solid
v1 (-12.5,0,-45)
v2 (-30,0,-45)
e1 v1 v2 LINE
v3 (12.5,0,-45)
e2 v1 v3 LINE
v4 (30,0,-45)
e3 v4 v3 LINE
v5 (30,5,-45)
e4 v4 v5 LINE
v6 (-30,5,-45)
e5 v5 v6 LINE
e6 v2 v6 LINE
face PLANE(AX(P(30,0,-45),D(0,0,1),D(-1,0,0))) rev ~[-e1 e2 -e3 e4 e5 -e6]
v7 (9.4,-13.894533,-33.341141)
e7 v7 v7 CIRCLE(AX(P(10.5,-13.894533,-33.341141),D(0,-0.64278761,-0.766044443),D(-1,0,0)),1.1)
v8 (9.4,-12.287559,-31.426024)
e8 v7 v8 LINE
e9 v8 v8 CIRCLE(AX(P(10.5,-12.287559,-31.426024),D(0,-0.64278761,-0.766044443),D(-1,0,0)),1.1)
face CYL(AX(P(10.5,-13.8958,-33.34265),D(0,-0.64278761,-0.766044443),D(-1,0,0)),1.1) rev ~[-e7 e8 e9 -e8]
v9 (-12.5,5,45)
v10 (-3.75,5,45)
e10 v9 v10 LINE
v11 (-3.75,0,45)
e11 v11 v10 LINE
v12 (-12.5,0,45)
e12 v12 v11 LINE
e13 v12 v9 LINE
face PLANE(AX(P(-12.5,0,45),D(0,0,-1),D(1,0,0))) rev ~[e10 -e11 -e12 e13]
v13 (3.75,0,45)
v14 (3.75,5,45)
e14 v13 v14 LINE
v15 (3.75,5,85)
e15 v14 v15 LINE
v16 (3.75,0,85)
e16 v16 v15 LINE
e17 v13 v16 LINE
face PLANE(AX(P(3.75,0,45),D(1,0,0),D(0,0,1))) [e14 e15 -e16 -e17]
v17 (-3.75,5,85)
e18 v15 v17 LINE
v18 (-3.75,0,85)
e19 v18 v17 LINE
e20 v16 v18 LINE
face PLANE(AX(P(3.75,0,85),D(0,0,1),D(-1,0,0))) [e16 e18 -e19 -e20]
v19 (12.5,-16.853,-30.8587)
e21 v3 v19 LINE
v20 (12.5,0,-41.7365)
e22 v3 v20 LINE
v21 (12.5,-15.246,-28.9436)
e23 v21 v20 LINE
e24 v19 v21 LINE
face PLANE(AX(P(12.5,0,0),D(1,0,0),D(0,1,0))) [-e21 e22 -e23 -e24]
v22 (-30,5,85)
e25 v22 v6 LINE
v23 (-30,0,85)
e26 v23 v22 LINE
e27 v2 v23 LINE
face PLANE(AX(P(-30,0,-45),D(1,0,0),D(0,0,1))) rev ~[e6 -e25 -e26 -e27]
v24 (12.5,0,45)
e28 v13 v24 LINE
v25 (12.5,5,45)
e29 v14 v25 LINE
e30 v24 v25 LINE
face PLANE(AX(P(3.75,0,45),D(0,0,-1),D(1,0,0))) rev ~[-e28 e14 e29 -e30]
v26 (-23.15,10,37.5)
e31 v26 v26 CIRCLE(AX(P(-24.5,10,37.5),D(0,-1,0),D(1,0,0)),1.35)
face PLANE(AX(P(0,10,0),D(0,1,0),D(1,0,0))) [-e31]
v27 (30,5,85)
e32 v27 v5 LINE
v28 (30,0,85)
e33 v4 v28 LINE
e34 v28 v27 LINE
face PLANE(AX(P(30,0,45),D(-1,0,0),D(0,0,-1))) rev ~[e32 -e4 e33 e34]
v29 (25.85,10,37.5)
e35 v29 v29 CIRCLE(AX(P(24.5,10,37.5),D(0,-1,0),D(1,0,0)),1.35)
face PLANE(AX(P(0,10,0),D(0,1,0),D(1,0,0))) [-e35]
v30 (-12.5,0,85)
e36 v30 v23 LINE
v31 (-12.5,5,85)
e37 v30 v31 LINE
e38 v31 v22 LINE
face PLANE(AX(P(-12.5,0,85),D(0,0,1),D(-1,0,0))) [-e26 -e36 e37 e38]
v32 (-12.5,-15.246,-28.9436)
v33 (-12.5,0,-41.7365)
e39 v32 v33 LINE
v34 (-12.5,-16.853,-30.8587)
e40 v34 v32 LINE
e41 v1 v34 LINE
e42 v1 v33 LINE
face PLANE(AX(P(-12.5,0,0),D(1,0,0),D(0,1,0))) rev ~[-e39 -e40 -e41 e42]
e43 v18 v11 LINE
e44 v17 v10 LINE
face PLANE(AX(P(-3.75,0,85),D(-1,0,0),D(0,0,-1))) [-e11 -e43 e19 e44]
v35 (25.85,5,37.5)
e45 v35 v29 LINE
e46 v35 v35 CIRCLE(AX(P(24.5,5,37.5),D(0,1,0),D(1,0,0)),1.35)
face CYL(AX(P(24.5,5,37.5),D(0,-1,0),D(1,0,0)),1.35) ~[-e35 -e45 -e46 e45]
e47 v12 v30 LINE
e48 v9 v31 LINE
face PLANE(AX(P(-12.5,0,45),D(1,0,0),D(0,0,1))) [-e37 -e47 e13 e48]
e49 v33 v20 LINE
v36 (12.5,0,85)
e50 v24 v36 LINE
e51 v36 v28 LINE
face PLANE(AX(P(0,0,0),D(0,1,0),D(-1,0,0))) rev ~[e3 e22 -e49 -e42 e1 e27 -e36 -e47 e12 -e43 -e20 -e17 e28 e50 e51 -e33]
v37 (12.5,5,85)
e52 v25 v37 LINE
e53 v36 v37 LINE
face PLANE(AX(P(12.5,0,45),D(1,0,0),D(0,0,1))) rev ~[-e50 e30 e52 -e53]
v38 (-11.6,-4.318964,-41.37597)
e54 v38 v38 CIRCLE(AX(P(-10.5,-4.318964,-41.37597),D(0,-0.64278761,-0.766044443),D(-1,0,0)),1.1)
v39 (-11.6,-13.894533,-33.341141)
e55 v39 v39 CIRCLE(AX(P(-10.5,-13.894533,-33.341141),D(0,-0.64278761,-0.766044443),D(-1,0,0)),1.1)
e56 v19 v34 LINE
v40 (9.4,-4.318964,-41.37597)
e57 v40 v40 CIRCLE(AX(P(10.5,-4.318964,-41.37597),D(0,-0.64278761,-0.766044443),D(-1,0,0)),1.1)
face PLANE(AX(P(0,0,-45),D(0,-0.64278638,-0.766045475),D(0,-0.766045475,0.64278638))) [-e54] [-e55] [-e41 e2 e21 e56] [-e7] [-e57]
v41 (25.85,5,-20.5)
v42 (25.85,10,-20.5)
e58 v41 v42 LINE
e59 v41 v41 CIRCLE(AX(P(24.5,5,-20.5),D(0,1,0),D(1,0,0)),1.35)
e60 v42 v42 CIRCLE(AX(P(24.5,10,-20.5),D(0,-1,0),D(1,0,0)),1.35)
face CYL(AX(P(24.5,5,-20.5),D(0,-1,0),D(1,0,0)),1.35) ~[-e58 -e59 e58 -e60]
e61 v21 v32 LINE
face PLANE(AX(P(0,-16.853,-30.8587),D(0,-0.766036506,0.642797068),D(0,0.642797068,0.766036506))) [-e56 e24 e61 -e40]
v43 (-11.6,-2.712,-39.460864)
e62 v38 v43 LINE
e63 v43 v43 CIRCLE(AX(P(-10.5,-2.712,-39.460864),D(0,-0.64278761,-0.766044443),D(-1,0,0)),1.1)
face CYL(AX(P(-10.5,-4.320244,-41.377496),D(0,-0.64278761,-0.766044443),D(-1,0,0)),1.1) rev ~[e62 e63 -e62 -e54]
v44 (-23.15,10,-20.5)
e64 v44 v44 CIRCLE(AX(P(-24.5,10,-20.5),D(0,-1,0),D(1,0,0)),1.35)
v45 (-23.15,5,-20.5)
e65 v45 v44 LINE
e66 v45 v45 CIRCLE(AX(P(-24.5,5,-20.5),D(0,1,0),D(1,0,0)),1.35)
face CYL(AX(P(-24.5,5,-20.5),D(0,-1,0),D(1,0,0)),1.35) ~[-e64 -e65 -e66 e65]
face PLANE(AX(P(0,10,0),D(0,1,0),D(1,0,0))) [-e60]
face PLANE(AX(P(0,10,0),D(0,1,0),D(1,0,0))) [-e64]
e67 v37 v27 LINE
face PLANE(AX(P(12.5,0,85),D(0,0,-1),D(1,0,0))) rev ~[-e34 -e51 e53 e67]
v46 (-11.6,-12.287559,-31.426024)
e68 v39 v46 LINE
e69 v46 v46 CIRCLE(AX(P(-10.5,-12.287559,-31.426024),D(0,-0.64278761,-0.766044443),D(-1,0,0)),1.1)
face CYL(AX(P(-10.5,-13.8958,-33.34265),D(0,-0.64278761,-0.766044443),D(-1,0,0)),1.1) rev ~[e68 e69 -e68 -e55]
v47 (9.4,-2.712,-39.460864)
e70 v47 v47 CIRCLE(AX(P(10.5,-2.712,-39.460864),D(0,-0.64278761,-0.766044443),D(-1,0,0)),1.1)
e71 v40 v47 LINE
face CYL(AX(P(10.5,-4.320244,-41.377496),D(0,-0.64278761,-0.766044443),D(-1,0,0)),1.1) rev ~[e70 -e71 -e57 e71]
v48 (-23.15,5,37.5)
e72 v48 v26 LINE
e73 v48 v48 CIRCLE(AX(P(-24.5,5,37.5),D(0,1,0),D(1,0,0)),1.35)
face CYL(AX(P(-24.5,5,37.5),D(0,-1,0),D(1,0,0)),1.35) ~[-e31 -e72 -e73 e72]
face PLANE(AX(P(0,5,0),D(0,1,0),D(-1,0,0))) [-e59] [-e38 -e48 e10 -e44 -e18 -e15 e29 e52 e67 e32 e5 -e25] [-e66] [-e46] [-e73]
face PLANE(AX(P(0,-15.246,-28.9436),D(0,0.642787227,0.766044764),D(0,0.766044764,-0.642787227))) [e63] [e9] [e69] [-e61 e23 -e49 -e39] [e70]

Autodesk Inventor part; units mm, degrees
ref_plane "YZ Plane" through (0, 0, 0) normal (1, 0, 0) x (0, 1, 0)
ref_plane "XZ Plane" through (0, 0, 0) normal (0, 1, 0) x (-1, 0, 0)
ref_plane "XY Plane" through (0, 0, 0) normal (0, 0, 1) x (1, 0, 0)
sketch "Sketch1" plane through (0, 0, 0) normal (0, 1, 0) x (-1, 0, 0)
  line L0 (30, 45) -> (-30, 45)
  line L1 (-30, 45) -> (-30, -45)
  line L2 (-30, -45) -> (30, -45)
  line L3 (30, -45) -> (30, 45)
  line L4 (30, 45) -> (12.5, 45)
  line L5 (12.5, 45) -> (12.5, 85)
  line L6 (12.5, 85) -> (30, 85)
  line L7 (30, 85) -> (30, 45)
  line L8 (-30, 45) -> (-12.5, 45)
  line L9 (-12.5, 45) -> (-12.5, 85)
  line L10 (-12.5, 85) -> (-30, 85)
  line L11 (-30, 85) -> (-30, 45)
  line L12 (3.75, 45) -> (-3.75, 45)
  line L13 (-3.75, 45) -> (-3.75, 85)
  line L14 (-3.75, 85) -> (3.75, 85)
  line L15 (3.75, 85) -> (3.75, 45)
  point P0 (0, 0)
  point P1 (0, 45)
  dimension "d0" = 90
  dimension "d1" = 60
  dimension "d2" = 45
  dimension "d3" = 30
  dimension "d23" = 40
  dimension "d24" = 25
  dimension "d25" = 17.5
  dimension "d39" = 7.5
  dimension "d40" = 40
  dimension "d41" = 3.75
extrude "Extrusion1" add sketch "Sketch1" along normal blind 5
sketch "Sketch2" plane through (0, 5, 0) normal (0, 1, 0) x (1, 0, 0)
  line L0 (-24.5, -37.5) -> (24.5, -37.5)
  line L1 (24.5, -37.5) -> (24.5, 20.5)
  line L2 (24.5, 20.5) -> (-24.5, 20.5)
  line L3 (-24.5, 20.5) -> (-24.5, -37.5)
  line L4 (-12.5, -45) -> (12.5, -45) projected
  circle A0 centre (-24.5, -37.5) radius 1.35
  line L5 (-24.5, -8.5) -> (24.5, -8.5)
  line L6 (0, -37.5) -> (0, 20.5)
  circle A1 centre (24.5, -37.5) radius 1.35
  circle A2 centre (-24.5, 20.5) radius 1.35
  circle A3 centre (24.5, 20.5) radius 1.35
  point P0 (0, 0)
  point P1 (-30, -45)
  point P2 (30, -45)
  dimension "d6" = 49
  dimension "d7" = 58
  dimension "d8" = 24.5
  dimension "d9" = 7.5
  dimension "d10" = 2.7
  dimension "d13" = 49
  dimension "d16" = 58
extrude "Extrusion2" add sketch "Sketch2" along normal blind 5 contours L3 A0 L0 | L0 A0 L3 | A1 L1 L0 | L0 L1 A1 | A2 L2 L3 | L3 L2 A2 | A3 L2 L1 | L1 L2 A3
sketch "Sketch4" plane through (0, 0, 0) normal (1, 0, 0) x (0, 1, 0)
  line L0 (0, -45) -> (5, -45) projected
  line L1 (0, -45) -> (-16.853, -30.8587)
  line L2 (-16.853, -30.8587) -> (-15.246, -28.9436)
  line L3 (-15.246, -28.9436) -> (0, -41.7365)
  line L4 (0, -45) -> (0, 85) projected
  point P0 (0, 0)
  dimension "d28" = 130
  dimension "d29" = 2.5
  dimension "d30" = 22
extrude "Extrusion4" add sketch "Sketch4" along normal mid plane 25
sketch "Sketch6" plane through (12.5, 0, -45) normal (0, -0.6428, -0.766) x (-1, 0, 0)
  line L0 (-17.5, 0) -> (0, 0) projected
  line L1 (25, -22) -> (0, -22) projected
  line L2 (0, 0) -> (25, 0)
  line L3 (25, 0) -> (25, -22)
  line L4 (25, -22) -> (0, -22)
  line L5 (0, -22) -> (0, 0)
  line L6 (25, -2.0977) -> (0, -2.0977) projected
  circle A0 centre (2, -5.638) radius 1.1
  circle A1 centre (23, -5.638) radius 1.1
  circle A2 centre (2, -18.138) radius 1.1
  circle A3 centre (23, -18.138) radius 1.1
  line L7 (8.25, -13.788) -> (16.75, -13.788)
  line L8 (16.75, -13.788) -> (16.75, -22.288)
  line L9 (16.75, -22.288) -> (8.25, -22.288)
  line L10 (8.25, -22.288) -> (8.25, -13.788)
  line L11 (0, -22) -> (0, 0) projected
  line L12 (25, -22) -> (25, -2.0977) projected
  line L13 (0, -3.638) -> (25, -3.638)
  line L14 (25, -3.638) -> (25, -27.5)
  line L15 (25, -27.5) -> (0, -27.5)
  line L16 (0, -27.5) -> (0, -3.638)
  line L17 (12.5, -13.788) -> (12.5, -22.288)
  line L18 (8.25, -18.038) -> (16.75, -18.038)
  dimension "d42" = 2.2
  dimension "d43" = 2.2
  dimension "d44" = 2.2
  dimension "d45" = 2.2
  dimension "d47" = 2
  dimension "d48" = 0
  dimension "d50" = 0
  dimension "d52" = 0
  dimension "d53" = 2
  dimension "d56" = 0
  dimension "d59" = 12.5
  dimension "d60" = 8.5
  dimension "d61" = 8.5
  dimension "d63" = 23.862
  dimension "d65" = 2
  dimension "d66" = 12.5
  dimension "d69" = 9.462
  dimension "d70" = 5.5
extrude "Extrusion5" cut sketch "Sketch6" against normal blind 5 contours A0 | A1 | A2 | A3
sketch "Sketch9" plane through (12.5, 0, -45) normal (0, -0.6428, -0.766) x (-1, 0, 0)
  circle A0 centre (12.5, -18.038) radius 0.2236
  point P0 (12.5, -28.9254)
properties part number "Platform"
